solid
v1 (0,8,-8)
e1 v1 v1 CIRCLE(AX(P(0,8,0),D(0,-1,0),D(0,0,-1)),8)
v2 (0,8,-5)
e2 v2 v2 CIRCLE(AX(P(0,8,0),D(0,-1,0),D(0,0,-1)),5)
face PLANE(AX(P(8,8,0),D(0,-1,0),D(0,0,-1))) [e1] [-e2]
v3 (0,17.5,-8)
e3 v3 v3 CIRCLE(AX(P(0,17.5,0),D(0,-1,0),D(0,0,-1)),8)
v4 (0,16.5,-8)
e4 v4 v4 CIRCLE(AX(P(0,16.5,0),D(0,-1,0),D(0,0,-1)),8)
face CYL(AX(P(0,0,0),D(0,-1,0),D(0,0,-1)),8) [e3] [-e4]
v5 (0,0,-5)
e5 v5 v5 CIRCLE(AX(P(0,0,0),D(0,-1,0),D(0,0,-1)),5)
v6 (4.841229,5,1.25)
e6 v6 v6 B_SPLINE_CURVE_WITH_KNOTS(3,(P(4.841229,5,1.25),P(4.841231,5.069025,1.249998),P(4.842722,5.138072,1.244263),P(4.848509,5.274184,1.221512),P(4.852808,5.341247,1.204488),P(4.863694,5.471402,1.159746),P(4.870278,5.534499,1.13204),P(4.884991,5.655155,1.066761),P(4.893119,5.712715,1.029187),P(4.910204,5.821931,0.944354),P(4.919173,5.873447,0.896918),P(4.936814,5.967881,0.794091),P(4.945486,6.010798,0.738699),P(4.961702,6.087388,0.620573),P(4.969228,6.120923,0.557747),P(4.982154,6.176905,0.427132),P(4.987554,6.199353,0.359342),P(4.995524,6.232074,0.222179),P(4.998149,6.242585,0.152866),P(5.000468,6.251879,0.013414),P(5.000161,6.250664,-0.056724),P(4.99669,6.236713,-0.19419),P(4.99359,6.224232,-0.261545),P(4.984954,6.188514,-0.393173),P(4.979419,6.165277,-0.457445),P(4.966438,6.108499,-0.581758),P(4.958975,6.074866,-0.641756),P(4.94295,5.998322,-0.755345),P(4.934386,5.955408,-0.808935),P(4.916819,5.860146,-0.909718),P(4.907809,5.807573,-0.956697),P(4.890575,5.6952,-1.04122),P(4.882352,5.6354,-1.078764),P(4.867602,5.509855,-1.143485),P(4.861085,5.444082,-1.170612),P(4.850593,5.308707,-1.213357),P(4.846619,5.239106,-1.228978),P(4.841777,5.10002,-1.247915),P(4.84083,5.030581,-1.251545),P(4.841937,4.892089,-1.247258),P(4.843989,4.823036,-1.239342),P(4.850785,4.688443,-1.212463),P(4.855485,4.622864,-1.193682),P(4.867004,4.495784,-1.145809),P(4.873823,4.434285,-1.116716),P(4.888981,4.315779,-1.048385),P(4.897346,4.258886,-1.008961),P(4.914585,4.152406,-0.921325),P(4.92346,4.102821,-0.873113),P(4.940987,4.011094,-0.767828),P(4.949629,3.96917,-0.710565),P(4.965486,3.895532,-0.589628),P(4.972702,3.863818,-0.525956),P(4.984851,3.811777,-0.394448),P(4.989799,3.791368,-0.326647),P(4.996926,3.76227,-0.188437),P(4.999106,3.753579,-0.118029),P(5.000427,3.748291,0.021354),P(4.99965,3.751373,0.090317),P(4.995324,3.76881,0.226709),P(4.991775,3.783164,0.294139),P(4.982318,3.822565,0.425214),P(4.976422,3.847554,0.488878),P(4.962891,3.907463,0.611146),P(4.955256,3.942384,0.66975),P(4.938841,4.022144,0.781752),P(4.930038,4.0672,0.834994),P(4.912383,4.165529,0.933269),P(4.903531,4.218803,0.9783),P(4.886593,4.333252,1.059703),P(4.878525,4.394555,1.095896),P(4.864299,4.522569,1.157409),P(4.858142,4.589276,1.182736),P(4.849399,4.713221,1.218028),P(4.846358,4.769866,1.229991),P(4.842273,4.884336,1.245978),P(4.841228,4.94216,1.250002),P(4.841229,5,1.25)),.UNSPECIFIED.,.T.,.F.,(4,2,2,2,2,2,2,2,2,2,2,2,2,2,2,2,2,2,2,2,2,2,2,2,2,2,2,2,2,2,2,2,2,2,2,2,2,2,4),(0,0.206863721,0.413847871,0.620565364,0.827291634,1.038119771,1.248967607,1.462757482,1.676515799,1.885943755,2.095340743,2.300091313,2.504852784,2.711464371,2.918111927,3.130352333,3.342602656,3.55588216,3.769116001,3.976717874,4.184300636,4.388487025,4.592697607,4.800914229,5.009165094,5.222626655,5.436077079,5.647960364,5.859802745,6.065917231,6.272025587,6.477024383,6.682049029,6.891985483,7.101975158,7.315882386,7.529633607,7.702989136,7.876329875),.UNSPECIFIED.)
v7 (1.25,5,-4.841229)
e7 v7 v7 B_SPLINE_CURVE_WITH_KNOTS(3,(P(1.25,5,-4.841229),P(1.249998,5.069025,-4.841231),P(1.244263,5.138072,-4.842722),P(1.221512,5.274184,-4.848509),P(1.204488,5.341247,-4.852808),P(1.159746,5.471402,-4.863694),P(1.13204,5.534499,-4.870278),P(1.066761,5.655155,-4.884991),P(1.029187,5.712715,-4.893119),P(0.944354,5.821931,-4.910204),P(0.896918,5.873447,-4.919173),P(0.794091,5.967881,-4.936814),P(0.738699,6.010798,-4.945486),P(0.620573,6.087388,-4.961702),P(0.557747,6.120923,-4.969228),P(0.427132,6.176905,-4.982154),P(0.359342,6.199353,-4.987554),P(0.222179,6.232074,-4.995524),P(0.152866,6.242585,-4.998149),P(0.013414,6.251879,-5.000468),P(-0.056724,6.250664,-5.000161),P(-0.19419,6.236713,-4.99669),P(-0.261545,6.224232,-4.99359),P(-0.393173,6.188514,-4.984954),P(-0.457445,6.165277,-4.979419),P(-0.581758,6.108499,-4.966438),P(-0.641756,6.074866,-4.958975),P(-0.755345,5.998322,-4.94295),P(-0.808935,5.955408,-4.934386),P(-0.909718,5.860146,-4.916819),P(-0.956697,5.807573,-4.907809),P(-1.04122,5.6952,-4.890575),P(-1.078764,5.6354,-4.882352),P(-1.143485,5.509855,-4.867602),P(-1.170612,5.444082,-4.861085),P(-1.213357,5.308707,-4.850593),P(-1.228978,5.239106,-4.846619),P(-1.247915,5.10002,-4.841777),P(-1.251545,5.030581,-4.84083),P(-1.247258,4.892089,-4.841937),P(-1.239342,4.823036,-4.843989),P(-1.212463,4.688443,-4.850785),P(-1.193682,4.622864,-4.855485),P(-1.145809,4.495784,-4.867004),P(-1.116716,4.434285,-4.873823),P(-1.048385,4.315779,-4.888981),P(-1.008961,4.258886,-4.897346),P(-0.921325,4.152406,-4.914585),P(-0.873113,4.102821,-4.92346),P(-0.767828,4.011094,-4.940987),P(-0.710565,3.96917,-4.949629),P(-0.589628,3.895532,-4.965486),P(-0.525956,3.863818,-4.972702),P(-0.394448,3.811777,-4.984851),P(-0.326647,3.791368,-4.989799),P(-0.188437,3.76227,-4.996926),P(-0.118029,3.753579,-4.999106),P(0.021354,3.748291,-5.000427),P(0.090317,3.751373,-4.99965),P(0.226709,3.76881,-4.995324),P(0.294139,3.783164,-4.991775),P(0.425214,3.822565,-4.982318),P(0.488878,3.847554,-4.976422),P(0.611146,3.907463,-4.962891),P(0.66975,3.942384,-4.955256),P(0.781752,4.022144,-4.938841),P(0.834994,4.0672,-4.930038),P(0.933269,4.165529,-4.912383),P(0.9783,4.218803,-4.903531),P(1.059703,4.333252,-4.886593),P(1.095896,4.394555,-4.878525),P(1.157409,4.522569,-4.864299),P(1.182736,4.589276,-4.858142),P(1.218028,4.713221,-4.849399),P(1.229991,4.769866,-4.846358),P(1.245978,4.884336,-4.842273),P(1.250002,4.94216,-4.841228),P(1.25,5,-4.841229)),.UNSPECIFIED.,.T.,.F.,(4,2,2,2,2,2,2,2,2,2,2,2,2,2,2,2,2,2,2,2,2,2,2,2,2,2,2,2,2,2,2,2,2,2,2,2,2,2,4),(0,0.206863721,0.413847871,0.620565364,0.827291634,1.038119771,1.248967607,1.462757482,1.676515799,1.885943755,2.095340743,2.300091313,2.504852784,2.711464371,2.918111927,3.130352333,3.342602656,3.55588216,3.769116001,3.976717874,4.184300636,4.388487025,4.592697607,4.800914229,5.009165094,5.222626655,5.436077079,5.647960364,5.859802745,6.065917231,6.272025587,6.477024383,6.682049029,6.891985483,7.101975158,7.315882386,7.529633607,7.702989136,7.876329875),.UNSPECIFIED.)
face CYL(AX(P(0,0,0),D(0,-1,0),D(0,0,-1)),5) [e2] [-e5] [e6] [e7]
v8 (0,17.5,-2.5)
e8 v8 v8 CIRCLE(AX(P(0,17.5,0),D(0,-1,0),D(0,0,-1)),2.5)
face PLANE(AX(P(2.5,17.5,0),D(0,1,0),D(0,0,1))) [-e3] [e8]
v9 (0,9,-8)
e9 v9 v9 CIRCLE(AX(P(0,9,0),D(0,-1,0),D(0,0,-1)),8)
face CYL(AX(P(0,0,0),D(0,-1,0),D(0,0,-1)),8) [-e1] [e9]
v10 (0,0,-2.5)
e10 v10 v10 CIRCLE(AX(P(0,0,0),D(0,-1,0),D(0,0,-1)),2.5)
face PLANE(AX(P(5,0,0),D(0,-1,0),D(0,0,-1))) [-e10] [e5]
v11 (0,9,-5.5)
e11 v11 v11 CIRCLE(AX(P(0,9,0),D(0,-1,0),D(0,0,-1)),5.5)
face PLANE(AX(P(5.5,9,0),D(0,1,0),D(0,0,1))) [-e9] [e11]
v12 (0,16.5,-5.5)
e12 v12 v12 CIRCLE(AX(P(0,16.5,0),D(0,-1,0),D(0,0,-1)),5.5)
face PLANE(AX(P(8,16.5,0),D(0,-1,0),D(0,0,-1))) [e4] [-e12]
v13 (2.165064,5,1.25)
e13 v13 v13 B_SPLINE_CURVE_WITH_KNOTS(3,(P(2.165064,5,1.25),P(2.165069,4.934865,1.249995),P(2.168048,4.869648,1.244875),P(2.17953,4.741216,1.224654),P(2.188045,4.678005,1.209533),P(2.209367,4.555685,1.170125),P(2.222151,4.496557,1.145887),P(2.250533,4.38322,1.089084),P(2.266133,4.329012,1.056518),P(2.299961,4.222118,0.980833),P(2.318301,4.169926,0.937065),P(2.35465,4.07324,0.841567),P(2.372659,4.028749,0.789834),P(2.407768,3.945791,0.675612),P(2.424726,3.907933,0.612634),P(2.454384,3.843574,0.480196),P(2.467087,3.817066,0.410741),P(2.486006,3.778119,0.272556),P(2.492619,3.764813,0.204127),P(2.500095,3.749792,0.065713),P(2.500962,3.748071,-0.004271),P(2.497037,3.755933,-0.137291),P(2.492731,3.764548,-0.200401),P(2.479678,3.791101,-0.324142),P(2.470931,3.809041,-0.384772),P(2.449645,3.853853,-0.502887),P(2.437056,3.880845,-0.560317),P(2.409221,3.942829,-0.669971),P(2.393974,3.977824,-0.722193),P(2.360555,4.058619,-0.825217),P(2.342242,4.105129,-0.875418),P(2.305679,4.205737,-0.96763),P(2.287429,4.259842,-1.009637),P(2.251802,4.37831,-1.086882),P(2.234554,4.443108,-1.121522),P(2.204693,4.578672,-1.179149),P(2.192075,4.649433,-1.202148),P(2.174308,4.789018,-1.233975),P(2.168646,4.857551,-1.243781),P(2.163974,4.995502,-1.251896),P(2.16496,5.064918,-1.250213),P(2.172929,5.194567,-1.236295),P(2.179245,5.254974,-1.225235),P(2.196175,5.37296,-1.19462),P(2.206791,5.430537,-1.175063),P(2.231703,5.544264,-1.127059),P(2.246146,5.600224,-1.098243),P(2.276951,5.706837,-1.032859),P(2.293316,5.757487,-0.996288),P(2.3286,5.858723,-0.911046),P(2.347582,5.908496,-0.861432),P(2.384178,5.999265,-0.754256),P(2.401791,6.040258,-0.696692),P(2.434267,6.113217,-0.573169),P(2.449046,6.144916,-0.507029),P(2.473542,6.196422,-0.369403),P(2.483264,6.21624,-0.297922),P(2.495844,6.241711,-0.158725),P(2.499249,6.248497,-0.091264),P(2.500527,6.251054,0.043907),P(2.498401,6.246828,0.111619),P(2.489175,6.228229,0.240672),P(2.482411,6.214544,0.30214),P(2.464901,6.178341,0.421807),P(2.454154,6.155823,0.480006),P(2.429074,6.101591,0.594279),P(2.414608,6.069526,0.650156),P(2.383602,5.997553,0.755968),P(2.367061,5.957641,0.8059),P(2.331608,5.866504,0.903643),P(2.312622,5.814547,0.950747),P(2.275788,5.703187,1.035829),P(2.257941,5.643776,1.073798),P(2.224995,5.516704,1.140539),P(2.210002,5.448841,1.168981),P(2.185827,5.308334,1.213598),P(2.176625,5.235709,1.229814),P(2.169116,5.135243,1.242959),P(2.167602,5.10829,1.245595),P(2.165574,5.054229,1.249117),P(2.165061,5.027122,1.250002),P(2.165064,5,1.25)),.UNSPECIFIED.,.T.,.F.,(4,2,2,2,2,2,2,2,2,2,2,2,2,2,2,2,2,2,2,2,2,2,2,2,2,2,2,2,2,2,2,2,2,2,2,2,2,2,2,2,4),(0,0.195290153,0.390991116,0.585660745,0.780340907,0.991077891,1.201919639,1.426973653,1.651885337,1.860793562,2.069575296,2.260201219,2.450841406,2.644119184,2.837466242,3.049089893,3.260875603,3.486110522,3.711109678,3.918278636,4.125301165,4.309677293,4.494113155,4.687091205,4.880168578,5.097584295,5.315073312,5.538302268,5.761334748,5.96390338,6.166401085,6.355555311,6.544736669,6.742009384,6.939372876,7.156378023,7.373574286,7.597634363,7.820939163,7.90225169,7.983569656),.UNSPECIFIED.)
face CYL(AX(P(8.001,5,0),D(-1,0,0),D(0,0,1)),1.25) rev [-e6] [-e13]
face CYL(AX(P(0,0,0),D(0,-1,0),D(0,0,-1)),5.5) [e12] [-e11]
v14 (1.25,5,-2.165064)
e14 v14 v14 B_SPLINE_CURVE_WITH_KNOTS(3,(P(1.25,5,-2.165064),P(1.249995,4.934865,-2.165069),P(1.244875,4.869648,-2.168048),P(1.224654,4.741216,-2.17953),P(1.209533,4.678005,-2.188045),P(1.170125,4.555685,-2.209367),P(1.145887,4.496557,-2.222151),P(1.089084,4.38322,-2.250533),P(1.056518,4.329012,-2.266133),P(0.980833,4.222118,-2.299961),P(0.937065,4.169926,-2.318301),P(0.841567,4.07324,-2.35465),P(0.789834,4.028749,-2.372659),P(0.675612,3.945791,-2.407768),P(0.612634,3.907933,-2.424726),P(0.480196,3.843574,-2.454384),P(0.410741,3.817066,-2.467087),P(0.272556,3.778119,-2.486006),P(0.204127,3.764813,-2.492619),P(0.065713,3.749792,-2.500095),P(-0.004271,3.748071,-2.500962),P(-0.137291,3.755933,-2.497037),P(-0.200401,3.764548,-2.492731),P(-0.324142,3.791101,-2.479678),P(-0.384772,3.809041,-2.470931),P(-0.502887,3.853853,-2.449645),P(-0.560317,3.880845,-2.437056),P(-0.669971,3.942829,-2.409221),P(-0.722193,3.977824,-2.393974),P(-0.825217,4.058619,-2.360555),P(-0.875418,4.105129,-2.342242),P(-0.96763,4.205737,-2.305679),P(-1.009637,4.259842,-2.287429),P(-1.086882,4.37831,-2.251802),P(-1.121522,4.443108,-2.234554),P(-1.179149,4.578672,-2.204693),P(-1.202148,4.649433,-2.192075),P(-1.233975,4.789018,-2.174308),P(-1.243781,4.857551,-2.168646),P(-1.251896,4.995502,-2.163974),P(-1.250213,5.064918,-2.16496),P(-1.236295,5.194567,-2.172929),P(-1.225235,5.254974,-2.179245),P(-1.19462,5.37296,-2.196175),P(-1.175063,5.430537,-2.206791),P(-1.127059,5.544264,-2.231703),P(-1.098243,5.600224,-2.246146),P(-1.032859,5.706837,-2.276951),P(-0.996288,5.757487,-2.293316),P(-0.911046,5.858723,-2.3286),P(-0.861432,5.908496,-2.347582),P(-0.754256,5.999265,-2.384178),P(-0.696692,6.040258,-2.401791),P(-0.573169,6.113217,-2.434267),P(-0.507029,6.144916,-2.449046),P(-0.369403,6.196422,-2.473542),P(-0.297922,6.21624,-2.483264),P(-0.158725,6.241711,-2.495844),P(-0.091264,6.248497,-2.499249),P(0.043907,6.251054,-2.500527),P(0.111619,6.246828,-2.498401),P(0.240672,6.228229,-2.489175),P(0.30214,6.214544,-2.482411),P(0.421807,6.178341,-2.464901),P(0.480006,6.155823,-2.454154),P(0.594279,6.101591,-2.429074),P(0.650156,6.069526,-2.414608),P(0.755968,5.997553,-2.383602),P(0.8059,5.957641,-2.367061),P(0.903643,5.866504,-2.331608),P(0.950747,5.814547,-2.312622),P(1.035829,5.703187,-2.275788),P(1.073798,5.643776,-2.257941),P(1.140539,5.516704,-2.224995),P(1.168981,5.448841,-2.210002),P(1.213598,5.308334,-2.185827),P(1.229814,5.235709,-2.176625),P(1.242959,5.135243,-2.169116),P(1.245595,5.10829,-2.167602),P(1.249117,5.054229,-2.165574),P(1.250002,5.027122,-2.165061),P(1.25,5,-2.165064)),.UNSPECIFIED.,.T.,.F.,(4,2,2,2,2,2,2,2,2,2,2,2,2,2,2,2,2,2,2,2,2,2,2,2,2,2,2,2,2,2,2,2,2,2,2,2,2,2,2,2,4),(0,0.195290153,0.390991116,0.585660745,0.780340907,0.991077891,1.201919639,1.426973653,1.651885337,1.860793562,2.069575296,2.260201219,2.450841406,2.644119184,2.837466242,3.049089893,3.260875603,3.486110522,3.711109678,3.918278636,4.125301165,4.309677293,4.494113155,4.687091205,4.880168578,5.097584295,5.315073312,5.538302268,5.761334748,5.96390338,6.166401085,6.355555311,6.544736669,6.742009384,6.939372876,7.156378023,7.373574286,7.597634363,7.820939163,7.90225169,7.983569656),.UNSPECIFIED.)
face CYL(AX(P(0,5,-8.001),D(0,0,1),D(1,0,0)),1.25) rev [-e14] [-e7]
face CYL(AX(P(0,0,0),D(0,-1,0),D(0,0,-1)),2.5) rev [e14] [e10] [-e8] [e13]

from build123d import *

# Parameters (mm, degrees)
CORTAR_EXTRUIR1_REACH      = 22.839
CORTAR_EXTRUIR1_END_RADIUS = 5
CROQUIS2_R                 = 1.25
MATRIZC1_COUNT             = 2
MATRIZC1_ANGLE             = 90


with BuildPart() as part:
    # Croquis1 → Revolución1 (revolve)
    with BuildSketch(Plane.XY, mode=Mode.PRIVATE) as revoluci_n1_sk:
        Polygon((8, 8), (5, 8), (5, 0), (2.5, 0), (2.5, 17.5), (8, 17.5), (8, 16.5), (5.5, 16.5), (5.5, 9), (8, 9), align=None)
    revolve(revoluci_n1_sk.sketch.rotate(Axis((0, 0, 0), (0, 1, 0)), 90), axis=Axis((0, 0, 0), (0, 1, 0)))

    # Cortar-Extruir1: up to this cylinder (the profile starts inside it)
    cortar_extruir1_end = Plane(origin=(0, 5, 0), z_dir=(0, -1, 0)) * Cylinder(CORTAR_EXTRUIR1_END_RADIUS, 56.678, mode=Mode.PRIVATE)
    # Croquis2 → Cortar-Extruir1 (cut, up to the surface)
    with BuildSketch(Plane.XY, mode=Mode.PRIVATE) as cortar_extruir1_sk1:
        with Locations((0, 5)):
            Circle(CROQUIS2_R)
    cortar_extruir1_tool1 = extrude(cortar_extruir1_sk1.sketch, amount=-CORTAR_EXTRUIR1_REACH, mode=Mode.PRIVATE) & cortar_extruir1_end
    cortar_extruir1 = cortar_extruir1_tool1.solids().sort_by_distance((0, 5, 0))[0]
    add(cortar_extruir1, mode=Mode.SUBTRACT)

    # MatrizC1: Cortar-Extruir1 ×2 about axis
    matrizc1_axis = Axis((0, 0, 0), (0, -1, 0))
    for i in range(1, MATRIZC1_COUNT):
        add(cortar_extruir1.rotate(matrizc1_axis, i * MATRIZC1_ANGLE / (MATRIZC1_COUNT - 1)), mode=Mode.SUBTRACT)


solid = part.part
